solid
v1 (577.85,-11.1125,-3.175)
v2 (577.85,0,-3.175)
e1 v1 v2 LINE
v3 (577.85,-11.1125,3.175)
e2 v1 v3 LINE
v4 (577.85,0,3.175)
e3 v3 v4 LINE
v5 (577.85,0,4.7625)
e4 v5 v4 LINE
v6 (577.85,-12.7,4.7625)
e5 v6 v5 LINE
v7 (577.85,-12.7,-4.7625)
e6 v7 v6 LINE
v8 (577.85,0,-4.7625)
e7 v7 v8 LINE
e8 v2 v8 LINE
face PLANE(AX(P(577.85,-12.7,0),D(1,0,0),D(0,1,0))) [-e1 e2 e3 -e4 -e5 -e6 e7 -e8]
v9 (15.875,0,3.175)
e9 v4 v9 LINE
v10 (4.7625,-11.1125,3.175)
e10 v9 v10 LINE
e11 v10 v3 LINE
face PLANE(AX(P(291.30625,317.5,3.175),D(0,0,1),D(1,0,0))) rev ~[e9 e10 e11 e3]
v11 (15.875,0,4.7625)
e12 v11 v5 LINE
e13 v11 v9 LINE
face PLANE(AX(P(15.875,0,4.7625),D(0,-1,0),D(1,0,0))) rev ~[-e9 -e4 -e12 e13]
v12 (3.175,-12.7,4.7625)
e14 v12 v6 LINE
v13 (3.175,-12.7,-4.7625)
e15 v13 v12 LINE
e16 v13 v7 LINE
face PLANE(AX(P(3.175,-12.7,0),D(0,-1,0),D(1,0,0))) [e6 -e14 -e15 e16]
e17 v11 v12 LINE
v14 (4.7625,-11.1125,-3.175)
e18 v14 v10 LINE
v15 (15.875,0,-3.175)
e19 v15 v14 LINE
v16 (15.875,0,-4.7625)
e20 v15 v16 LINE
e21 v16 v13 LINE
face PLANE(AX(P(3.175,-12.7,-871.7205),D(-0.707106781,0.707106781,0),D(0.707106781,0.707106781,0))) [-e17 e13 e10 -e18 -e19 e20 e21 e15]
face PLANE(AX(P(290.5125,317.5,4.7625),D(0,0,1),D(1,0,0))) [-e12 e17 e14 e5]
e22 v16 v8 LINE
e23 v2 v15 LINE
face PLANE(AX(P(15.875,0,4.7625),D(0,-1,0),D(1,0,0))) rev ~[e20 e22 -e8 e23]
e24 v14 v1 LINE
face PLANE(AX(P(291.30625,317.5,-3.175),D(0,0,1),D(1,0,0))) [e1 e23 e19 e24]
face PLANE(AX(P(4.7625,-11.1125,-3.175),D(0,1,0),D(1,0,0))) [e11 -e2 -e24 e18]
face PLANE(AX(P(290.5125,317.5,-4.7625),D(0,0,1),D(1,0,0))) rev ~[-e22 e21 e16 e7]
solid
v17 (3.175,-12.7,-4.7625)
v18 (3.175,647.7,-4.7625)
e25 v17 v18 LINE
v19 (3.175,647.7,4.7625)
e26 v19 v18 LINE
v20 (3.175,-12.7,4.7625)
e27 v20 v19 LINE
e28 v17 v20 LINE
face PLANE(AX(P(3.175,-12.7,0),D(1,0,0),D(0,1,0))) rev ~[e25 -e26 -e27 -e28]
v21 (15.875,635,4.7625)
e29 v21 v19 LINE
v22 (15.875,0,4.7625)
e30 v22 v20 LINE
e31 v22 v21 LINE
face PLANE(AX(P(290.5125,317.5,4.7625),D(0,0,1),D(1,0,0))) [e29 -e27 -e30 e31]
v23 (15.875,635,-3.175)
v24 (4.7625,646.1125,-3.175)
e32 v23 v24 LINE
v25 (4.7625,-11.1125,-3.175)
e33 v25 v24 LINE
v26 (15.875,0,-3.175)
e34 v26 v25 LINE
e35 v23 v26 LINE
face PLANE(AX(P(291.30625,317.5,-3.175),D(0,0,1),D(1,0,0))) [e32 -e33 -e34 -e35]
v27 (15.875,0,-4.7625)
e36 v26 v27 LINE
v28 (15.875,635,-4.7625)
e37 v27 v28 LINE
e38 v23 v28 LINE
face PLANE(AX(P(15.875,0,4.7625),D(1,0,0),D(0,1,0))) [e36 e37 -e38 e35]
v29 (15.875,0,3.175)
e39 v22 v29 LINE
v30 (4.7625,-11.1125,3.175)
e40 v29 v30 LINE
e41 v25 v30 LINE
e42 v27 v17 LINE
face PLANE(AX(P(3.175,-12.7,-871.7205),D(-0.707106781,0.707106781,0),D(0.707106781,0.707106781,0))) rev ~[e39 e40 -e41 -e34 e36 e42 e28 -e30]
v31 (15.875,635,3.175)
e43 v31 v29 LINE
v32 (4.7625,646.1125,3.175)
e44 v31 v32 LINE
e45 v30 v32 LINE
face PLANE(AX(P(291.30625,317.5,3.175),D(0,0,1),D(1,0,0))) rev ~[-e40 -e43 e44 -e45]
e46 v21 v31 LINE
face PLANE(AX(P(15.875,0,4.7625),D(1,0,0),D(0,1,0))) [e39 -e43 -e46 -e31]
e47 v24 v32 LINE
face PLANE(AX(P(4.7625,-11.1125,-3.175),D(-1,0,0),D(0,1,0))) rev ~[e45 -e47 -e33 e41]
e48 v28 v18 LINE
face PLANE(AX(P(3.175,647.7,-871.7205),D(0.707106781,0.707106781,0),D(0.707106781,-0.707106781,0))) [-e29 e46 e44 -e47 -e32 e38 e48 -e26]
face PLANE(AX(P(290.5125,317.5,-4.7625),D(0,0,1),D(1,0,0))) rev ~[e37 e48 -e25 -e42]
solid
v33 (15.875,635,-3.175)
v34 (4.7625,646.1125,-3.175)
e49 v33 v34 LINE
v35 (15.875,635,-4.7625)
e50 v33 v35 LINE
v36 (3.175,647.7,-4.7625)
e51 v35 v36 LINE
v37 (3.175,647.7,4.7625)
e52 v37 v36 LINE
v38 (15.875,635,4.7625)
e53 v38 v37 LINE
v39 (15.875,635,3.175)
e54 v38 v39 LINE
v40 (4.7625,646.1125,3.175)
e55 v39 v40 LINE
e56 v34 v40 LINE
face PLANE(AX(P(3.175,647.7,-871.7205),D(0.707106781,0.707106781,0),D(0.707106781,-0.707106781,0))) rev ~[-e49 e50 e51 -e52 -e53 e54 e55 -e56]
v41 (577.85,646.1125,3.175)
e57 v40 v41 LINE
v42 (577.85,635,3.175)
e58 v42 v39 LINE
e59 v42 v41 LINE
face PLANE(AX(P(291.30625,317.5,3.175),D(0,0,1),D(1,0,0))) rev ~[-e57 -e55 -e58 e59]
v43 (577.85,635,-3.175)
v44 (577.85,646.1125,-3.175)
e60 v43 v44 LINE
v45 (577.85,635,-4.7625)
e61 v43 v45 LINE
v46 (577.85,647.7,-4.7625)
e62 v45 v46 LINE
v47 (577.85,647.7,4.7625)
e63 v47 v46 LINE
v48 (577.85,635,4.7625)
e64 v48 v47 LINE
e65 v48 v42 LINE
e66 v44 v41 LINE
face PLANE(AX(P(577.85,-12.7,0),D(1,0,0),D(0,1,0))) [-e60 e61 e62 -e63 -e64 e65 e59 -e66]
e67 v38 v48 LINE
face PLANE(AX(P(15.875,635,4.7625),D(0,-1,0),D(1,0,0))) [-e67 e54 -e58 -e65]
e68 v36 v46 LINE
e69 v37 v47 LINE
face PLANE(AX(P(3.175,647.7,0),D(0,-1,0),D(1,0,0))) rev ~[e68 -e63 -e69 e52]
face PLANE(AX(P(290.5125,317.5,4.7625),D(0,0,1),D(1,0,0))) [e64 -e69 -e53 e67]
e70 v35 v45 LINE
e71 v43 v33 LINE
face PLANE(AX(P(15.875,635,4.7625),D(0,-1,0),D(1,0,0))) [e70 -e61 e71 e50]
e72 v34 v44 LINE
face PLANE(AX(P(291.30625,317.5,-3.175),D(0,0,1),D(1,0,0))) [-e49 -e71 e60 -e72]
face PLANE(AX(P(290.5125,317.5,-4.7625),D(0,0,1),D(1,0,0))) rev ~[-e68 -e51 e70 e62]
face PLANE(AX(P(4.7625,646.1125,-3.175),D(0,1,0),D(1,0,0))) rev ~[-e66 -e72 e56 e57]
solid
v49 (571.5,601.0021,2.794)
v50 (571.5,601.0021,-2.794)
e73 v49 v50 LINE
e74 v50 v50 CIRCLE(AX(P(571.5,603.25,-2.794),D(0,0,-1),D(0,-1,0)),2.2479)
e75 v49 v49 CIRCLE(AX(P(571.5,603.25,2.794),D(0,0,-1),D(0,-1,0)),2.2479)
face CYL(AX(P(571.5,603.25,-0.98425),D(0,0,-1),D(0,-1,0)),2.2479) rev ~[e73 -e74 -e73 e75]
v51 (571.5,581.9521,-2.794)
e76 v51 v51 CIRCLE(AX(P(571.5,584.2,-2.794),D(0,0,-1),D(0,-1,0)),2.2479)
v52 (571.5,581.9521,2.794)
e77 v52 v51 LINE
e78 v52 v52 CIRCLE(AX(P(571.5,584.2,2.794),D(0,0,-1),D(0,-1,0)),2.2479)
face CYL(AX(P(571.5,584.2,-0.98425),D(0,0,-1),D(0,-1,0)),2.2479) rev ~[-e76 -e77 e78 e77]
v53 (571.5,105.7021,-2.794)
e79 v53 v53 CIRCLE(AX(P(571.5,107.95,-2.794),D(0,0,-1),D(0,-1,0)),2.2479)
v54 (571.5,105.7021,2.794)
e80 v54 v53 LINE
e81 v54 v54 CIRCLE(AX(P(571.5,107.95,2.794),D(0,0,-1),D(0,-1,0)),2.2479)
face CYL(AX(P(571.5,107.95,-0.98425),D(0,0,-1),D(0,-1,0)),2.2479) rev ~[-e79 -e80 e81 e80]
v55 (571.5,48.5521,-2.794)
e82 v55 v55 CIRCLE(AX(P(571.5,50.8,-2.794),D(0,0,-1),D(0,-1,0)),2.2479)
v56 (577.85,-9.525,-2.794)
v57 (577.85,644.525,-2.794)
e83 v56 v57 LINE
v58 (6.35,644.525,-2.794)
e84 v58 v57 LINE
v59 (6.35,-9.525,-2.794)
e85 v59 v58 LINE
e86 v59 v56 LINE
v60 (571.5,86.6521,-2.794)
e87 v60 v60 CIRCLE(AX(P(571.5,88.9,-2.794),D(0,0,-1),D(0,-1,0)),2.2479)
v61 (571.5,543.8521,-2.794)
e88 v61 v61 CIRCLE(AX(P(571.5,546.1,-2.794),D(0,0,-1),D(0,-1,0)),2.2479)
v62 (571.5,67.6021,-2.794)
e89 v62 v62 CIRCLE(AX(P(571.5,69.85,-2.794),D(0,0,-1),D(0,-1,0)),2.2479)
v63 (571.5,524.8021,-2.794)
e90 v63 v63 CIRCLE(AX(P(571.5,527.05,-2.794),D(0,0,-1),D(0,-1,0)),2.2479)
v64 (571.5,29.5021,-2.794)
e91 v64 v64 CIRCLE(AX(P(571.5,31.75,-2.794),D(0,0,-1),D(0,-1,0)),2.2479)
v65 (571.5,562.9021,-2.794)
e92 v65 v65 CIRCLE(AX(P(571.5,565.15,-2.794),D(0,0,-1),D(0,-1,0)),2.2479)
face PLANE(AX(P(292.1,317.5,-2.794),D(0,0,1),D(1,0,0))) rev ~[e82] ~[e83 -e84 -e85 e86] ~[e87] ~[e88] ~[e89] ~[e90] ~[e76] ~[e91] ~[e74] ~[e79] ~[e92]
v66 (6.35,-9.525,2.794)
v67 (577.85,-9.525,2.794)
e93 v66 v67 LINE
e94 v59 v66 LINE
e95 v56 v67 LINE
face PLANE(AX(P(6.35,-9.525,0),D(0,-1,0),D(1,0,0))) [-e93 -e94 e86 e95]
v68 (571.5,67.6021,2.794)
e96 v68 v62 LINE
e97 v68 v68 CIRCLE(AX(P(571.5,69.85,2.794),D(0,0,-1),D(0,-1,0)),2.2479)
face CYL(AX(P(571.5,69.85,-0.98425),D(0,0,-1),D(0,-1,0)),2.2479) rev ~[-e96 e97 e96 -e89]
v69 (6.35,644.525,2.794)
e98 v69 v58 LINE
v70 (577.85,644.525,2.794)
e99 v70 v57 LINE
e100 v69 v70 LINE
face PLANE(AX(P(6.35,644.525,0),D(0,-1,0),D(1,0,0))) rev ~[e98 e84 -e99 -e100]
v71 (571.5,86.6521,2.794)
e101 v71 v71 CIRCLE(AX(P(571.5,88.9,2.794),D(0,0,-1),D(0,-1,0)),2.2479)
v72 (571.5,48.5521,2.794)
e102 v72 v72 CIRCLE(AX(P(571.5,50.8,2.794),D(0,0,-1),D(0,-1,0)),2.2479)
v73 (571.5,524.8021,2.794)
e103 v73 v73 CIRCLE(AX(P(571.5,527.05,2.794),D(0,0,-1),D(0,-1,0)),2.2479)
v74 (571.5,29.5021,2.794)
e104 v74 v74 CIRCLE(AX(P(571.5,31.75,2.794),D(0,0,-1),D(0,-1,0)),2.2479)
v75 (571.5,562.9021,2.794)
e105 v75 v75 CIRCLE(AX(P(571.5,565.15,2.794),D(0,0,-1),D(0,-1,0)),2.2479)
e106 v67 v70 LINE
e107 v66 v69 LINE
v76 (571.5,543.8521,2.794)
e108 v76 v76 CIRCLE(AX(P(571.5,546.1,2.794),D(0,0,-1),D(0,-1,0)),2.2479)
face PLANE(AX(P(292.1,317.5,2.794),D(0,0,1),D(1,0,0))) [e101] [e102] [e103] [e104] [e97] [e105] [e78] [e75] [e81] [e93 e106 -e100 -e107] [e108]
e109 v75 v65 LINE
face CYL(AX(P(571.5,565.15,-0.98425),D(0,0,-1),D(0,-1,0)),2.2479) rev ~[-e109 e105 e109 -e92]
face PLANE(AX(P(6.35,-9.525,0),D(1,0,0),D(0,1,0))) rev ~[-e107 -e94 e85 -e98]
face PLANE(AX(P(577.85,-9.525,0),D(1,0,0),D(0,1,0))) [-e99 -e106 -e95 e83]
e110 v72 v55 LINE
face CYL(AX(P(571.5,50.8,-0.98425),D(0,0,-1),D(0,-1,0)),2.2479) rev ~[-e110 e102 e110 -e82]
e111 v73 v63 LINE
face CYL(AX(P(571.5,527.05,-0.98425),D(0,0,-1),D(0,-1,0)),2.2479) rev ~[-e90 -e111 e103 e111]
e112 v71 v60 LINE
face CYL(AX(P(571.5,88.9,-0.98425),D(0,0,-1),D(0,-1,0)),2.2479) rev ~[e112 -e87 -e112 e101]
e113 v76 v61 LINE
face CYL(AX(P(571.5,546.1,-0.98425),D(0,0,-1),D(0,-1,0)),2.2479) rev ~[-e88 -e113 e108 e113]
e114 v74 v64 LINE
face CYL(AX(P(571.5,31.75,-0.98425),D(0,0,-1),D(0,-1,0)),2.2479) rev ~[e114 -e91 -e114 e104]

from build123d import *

# Parameters (mm, degrees)
SKETCH2_W                             = 574.675
SKETCH2_H                             = 660.4
FRAME_OUTER_DIMENSIONS_DEPTH          = 4.7625
SKETCH3_W                             = 561.975
SKETCH3_H                             = 635
FRAME_INNER_DIMENSIONS_DEPTH          = 869.053361335
FRAME_PROFILE_DEPTH                   = 3.175
FRAME_PROFILE_DEPTH_BACK              = 3.175
SKETCH4_W                             = 573.0875
SKETCH4_H                             = 657.225
FRAME_SECTION_SPLIT_SURFACE_1_1_BACK  = 876.483
FRAME_SECTION_SPLIT_SURFACE_1_1_DEPTH = 1752.966
FRAME_SECTION_SPLIT_SURFACE_1_2_BACK  = 876.483
FRAME_SECTION_SPLIT_SURFACE_1_2_DEPTH = 1752.966
FRAME_SECTION_SPLIT_SURFACE_2_3_BACK  = 876.483
FRAME_SECTION_SPLIT_SURFACE_2_3_DEPTH = 1752.966
FRAME_SECTION_SPLIT_SURFACE_2_4_BACK  = 876.483
FRAME_SECTION_SPLIT_SURFACE_2_4_DEPTH = 1752.966
SKETCH5_W                             = 571.5
SKETCH5_H                             = 654.05
DOOR_PANEL_DEPTH                      = 2.794
SKETCH9_W                             = 2.2479
SKETCH9_H                             = 7.5565
F_8_CLEARANCE_HOLE1_AT_2_COUNT        = 2
F_8_CLEARANCE_HOLE1_AT_2_PITCH        = 19.05
F_8_CLEARANCE_HOLE1_AT_3_COUNT        = 2
F_8_CLEARANCE_HOLE1_AT_3_PITCH        = 38.1
F_8_CLEARANCE_HOLE1_AT_4_COUNT        = 2
F_8_CLEARANCE_HOLE1_AT_4_PITCH        = 57.15
F_8_CLEARANCE_HOLE1_AT_5_COUNT        = 2
F_8_CLEARANCE_HOLE1_AT_5_PITCH        = 76.2
F_8_CLEARANCE_HOLE1_AT_6_COUNT        = 2
F_8_CLEARANCE_HOLE1_AT_6_PITCH        = 514.35
F_8_CLEARANCE_HOLE1_AT_7_COUNT        = 2
F_8_CLEARANCE_HOLE1_AT_7_PITCH        = 533.4
F_8_CLEARANCE_HOLE1_AT_8_COUNT        = 2
F_8_CLEARANCE_HOLE1_AT_8_PITCH        = 552.45
F_8_CLEARANCE_HOLE1_AT_9_COUNT        = 2
F_8_CLEARANCE_HOLE1_AT_9_PITCH        = 571.5
F_8_CLEARANCE_HOLE1_AT_10_COUNT       = 2
F_8_CLEARANCE_HOLE1_AT_10_PITCH       = 495.3


with BuildPart() as part:
    # Sketch2 → Frame outer dimensions (new, symmetric)
    with BuildSketch(Plane.XY):
        with Locations((290.5125, 317.5)):
            Rectangle(SKETCH2_W, SKETCH2_H)
    extrude(amount=FRAME_OUTER_DIMENSIONS_DEPTH, both=True)

    # Sketch3 → Frame inner dimensions (cut, through all)
    with BuildSketch(Plane.XY.offset(4.7625)):
        with Locations((296.8625, 317.5)):
            Rectangle(SKETCH3_W, SKETCH3_H)
    extrude(amount=-FRAME_INNER_DIMENSIONS_DEPTH, mode=Mode.SUBTRACT)

    # Sketch4 → Frame profile (cut, two sides: drawn at the far end of the back side and taken through both)
    with BuildSketch(Plane.XY.offset(-FRAME_PROFILE_DEPTH_BACK)):
        with Locations((291.30625, 317.5)):
            Rectangle(SKETCH4_W, SKETCH4_H)
    extrude(amount=FRAME_PROFILE_DEPTH + FRAME_PROFILE_DEPTH_BACK, mode=Mode.SUBTRACT)


with BuildPart() as body_2:
    # Frame section split: the piece behind the surface
    add(part.part)
    # Frame section split surface 1: a surface, the sketch's curves swept straight by 1752.966 mm
    with BuildLine(Plane.XY.offset(4.7625).offset(-FRAME_SECTION_SPLIT_SURFACE_1_1_BACK), mode=Mode.PRIVATE) as frame_section_split_surface_1_1_path:
        Line((3.175, 647.7), (15.875, 635))
    frame_section_split_surface_1_1 = Shell.extrude(frame_section_split_surface_1_1_path.wire(), (0 * FRAME_SECTION_SPLIT_SURFACE_1_1_DEPTH, 0 * FRAME_SECTION_SPLIT_SURFACE_1_1_DEPTH, 1 * FRAME_SECTION_SPLIT_SURFACE_1_1_DEPTH))
    split(bisect_by=frame_section_split_surface_1_1, keep=Keep.BOTTOM)


with BuildPart() as part_1:
    add(part.part)

    # Frame section split: split by a surface, the side it looks to stays
    # Frame section split surface 1: a surface, the sketch's curves swept straight by 1752.966 mm
    with BuildLine(Plane.XY.offset(4.7625).offset(-FRAME_SECTION_SPLIT_SURFACE_1_2_BACK), mode=Mode.PRIVATE) as frame_section_split_surface_1_2_path:
        Line((3.175, 647.7), (15.875, 635))
    frame_section_split_surface_1_2 = Shell.extrude(frame_section_split_surface_1_2_path.wire(), (0 * FRAME_SECTION_SPLIT_SURFACE_1_2_DEPTH, 0 * FRAME_SECTION_SPLIT_SURFACE_1_2_DEPTH, 1 * FRAME_SECTION_SPLIT_SURFACE_1_2_DEPTH))
    split(bisect_by=frame_section_split_surface_1_2, keep=Keep.TOP)


with BuildPart() as body_3:
    # Frame section split 2 body 2: the piece behind the surface
    add(body_2.part)
    # Frame section split surface 2: a surface, the sketch's curves swept straight by 1752.966 mm
    with BuildLine(Plane.XY.offset(4.7625).offset(-FRAME_SECTION_SPLIT_SURFACE_2_3_BACK), mode=Mode.PRIVATE) as frame_section_split_surface_2_3_path:
        Line((3.175, -12.7), (15.875, 0))
    frame_section_split_surface_2_3 = Shell.extrude(frame_section_split_surface_2_3_path.wire(), (0 * FRAME_SECTION_SPLIT_SURFACE_2_3_DEPTH, 0 * FRAME_SECTION_SPLIT_SURFACE_2_3_DEPTH, 1 * FRAME_SECTION_SPLIT_SURFACE_2_3_DEPTH))
    split(bisect_by=frame_section_split_surface_2_3, keep=Keep.BOTTOM)


with BuildPart() as body_2_1:
    add(body_2.part)

    # Frame section split 2 body 2: split by a surface, the side it looks to stays
    # Frame section split surface 2: a surface, the sketch's curves swept straight by 1752.966 mm
    with BuildLine(Plane.XY.offset(4.7625).offset(-FRAME_SECTION_SPLIT_SURFACE_2_4_BACK), mode=Mode.PRIVATE) as frame_section_split_surface_2_4_path:
        Line((3.175, -12.7), (15.875, 0))
    frame_section_split_surface_2_4 = Shell.extrude(frame_section_split_surface_2_4_path.wire(), (0 * FRAME_SECTION_SPLIT_SURFACE_2_4_DEPTH, 0 * FRAME_SECTION_SPLIT_SURFACE_2_4_DEPTH, 1 * FRAME_SECTION_SPLIT_SURFACE_2_4_DEPTH))
    split(bisect_by=frame_section_split_surface_2_4, keep=Keep.TOP)


with BuildPart() as body_4:
    # Sketch5 → Door panel (new, symmetric)
    with BuildSketch(Plane.XY):
        with Locations((292.1, 317.5)):
            Rectangle(SKETCH5_W, SKETCH5_H)
    extrude(amount=DOOR_PANEL_DEPTH, both=True)

    # Sketch9 → #8 Clearance Hole1 (revolve, cut)
    with BuildSketch(Plane(origin=(571.5, 31.75, 2.794), x_dir=(0, -1, 0), z_dir=(1, 0, 0))):
        with Locations((1.12395, 3.77825)):
            Rectangle(SKETCH9_W, SKETCH9_H)
    f_8_clearance_hole1 = revolve(axis=Axis((571.5, 31.75, 9.144), (0, 0, -1)), mode=Mode.SUBTRACT)

    # #8 Clearance Hole1 at 2: #8 Clearance Hole1 ×2
    with Locations(*[(0, i * F_8_CLEARANCE_HOLE1_AT_2_PITCH, 0) for i in range(1, F_8_CLEARANCE_HOLE1_AT_2_COUNT)]):
        add(f_8_clearance_hole1, mode=Mode.SUBTRACT)

    # #8 Clearance Hole1 at 3: #8 Clearance Hole1 ×2
    with Locations(*[(0, i * F_8_CLEARANCE_HOLE1_AT_3_PITCH, 0) for i in range(1, F_8_CLEARANCE_HOLE1_AT_3_COUNT)]):
        add(f_8_clearance_hole1, mode=Mode.SUBTRACT)

    # #8 Clearance Hole1 at 4: #8 Clearance Hole1 ×2
    with Locations(*[(0, i * F_8_CLEARANCE_HOLE1_AT_4_PITCH, 0) for i in range(1, F_8_CLEARANCE_HOLE1_AT_4_COUNT)]):
        add(f_8_clearance_hole1, mode=Mode.SUBTRACT)

    # #8 Clearance Hole1 at 5: #8 Clearance Hole1 ×2
    with Locations(*[(0, i * F_8_CLEARANCE_HOLE1_AT_5_PITCH, 0) for i in range(1, F_8_CLEARANCE_HOLE1_AT_5_COUNT)]):
        add(f_8_clearance_hole1, mode=Mode.SUBTRACT)

    # #8 Clearance Hole1 at 6: #8 Clearance Hole1 ×2
    with Locations(*[(0, i * F_8_CLEARANCE_HOLE1_AT_6_PITCH, 0) for i in range(1, F_8_CLEARANCE_HOLE1_AT_6_COUNT)]):
        add(f_8_clearance_hole1, mode=Mode.SUBTRACT)

    # #8 Clearance Hole1 at 7: #8 Clearance Hole1 ×2
    with Locations(*[(0, i * F_8_CLEARANCE_HOLE1_AT_7_PITCH, 0) for i in range(1, F_8_CLEARANCE_HOLE1_AT_7_COUNT)]):
        add(f_8_clearance_hole1, mode=Mode.SUBTRACT)

    # #8 Clearance Hole1 at 8: #8 Clearance Hole1 ×2
    with Locations(*[(0, i * F_8_CLEARANCE_HOLE1_AT_8_PITCH, 0) for i in range(1, F_8_CLEARANCE_HOLE1_AT_8_COUNT)]):
        add(f_8_clearance_hole1, mode=Mode.SUBTRACT)

    # #8 Clearance Hole1 at 9: #8 Clearance Hole1 ×2
    with Locations(*[(0, i * F_8_CLEARANCE_HOLE1_AT_9_PITCH, 0) for i in range(1, F_8_CLEARANCE_HOLE1_AT_9_COUNT)]):
        add(f_8_clearance_hole1, mode=Mode.SUBTRACT)

    # #8 Clearance Hole1 at 10: #8 Clearance Hole1 ×2
    with Locations(*[(0, i * F_8_CLEARANCE_HOLE1_AT_10_PITCH, 0) for i in range(1, F_8_CLEARANCE_HOLE1_AT_10_COUNT)]):
        add(f_8_clearance_hole1, mode=Mode.SUBTRACT)


with BuildPart() as body_5:
    # Mirror1: mirrored copy
    add(body_3.part.mirror(Plane(origin=(0, 0, 0), x_dir=(0, 0, 1), z_dir=(1, 0, 0))))


with BuildPart() as body_6:
    # Mirror1 2: mirrored copy
    add(body_2_1.part.mirror(Plane(origin=(0, 0, 0), x_dir=(0, 0, 1), z_dir=(1, 0, 0))))


with BuildPart() as body_7:
    # Mirror1 3: mirrored copy
    add(part_1.part.mirror(Plane(origin=(0, 0, 0), x_dir=(0, 0, 1), z_dir=(1, 0, 0))))


with BuildPart() as body_8:
    # Mirror1 4: mirrored copy
    add(body_4.part.mirror(Plane(origin=(0, 0, 0), x_dir=(0, 0, 1), z_dir=(1, 0, 0))))


solid = Compound([part_1.part, body_3.part, body_2_1.part, body_4.part])
